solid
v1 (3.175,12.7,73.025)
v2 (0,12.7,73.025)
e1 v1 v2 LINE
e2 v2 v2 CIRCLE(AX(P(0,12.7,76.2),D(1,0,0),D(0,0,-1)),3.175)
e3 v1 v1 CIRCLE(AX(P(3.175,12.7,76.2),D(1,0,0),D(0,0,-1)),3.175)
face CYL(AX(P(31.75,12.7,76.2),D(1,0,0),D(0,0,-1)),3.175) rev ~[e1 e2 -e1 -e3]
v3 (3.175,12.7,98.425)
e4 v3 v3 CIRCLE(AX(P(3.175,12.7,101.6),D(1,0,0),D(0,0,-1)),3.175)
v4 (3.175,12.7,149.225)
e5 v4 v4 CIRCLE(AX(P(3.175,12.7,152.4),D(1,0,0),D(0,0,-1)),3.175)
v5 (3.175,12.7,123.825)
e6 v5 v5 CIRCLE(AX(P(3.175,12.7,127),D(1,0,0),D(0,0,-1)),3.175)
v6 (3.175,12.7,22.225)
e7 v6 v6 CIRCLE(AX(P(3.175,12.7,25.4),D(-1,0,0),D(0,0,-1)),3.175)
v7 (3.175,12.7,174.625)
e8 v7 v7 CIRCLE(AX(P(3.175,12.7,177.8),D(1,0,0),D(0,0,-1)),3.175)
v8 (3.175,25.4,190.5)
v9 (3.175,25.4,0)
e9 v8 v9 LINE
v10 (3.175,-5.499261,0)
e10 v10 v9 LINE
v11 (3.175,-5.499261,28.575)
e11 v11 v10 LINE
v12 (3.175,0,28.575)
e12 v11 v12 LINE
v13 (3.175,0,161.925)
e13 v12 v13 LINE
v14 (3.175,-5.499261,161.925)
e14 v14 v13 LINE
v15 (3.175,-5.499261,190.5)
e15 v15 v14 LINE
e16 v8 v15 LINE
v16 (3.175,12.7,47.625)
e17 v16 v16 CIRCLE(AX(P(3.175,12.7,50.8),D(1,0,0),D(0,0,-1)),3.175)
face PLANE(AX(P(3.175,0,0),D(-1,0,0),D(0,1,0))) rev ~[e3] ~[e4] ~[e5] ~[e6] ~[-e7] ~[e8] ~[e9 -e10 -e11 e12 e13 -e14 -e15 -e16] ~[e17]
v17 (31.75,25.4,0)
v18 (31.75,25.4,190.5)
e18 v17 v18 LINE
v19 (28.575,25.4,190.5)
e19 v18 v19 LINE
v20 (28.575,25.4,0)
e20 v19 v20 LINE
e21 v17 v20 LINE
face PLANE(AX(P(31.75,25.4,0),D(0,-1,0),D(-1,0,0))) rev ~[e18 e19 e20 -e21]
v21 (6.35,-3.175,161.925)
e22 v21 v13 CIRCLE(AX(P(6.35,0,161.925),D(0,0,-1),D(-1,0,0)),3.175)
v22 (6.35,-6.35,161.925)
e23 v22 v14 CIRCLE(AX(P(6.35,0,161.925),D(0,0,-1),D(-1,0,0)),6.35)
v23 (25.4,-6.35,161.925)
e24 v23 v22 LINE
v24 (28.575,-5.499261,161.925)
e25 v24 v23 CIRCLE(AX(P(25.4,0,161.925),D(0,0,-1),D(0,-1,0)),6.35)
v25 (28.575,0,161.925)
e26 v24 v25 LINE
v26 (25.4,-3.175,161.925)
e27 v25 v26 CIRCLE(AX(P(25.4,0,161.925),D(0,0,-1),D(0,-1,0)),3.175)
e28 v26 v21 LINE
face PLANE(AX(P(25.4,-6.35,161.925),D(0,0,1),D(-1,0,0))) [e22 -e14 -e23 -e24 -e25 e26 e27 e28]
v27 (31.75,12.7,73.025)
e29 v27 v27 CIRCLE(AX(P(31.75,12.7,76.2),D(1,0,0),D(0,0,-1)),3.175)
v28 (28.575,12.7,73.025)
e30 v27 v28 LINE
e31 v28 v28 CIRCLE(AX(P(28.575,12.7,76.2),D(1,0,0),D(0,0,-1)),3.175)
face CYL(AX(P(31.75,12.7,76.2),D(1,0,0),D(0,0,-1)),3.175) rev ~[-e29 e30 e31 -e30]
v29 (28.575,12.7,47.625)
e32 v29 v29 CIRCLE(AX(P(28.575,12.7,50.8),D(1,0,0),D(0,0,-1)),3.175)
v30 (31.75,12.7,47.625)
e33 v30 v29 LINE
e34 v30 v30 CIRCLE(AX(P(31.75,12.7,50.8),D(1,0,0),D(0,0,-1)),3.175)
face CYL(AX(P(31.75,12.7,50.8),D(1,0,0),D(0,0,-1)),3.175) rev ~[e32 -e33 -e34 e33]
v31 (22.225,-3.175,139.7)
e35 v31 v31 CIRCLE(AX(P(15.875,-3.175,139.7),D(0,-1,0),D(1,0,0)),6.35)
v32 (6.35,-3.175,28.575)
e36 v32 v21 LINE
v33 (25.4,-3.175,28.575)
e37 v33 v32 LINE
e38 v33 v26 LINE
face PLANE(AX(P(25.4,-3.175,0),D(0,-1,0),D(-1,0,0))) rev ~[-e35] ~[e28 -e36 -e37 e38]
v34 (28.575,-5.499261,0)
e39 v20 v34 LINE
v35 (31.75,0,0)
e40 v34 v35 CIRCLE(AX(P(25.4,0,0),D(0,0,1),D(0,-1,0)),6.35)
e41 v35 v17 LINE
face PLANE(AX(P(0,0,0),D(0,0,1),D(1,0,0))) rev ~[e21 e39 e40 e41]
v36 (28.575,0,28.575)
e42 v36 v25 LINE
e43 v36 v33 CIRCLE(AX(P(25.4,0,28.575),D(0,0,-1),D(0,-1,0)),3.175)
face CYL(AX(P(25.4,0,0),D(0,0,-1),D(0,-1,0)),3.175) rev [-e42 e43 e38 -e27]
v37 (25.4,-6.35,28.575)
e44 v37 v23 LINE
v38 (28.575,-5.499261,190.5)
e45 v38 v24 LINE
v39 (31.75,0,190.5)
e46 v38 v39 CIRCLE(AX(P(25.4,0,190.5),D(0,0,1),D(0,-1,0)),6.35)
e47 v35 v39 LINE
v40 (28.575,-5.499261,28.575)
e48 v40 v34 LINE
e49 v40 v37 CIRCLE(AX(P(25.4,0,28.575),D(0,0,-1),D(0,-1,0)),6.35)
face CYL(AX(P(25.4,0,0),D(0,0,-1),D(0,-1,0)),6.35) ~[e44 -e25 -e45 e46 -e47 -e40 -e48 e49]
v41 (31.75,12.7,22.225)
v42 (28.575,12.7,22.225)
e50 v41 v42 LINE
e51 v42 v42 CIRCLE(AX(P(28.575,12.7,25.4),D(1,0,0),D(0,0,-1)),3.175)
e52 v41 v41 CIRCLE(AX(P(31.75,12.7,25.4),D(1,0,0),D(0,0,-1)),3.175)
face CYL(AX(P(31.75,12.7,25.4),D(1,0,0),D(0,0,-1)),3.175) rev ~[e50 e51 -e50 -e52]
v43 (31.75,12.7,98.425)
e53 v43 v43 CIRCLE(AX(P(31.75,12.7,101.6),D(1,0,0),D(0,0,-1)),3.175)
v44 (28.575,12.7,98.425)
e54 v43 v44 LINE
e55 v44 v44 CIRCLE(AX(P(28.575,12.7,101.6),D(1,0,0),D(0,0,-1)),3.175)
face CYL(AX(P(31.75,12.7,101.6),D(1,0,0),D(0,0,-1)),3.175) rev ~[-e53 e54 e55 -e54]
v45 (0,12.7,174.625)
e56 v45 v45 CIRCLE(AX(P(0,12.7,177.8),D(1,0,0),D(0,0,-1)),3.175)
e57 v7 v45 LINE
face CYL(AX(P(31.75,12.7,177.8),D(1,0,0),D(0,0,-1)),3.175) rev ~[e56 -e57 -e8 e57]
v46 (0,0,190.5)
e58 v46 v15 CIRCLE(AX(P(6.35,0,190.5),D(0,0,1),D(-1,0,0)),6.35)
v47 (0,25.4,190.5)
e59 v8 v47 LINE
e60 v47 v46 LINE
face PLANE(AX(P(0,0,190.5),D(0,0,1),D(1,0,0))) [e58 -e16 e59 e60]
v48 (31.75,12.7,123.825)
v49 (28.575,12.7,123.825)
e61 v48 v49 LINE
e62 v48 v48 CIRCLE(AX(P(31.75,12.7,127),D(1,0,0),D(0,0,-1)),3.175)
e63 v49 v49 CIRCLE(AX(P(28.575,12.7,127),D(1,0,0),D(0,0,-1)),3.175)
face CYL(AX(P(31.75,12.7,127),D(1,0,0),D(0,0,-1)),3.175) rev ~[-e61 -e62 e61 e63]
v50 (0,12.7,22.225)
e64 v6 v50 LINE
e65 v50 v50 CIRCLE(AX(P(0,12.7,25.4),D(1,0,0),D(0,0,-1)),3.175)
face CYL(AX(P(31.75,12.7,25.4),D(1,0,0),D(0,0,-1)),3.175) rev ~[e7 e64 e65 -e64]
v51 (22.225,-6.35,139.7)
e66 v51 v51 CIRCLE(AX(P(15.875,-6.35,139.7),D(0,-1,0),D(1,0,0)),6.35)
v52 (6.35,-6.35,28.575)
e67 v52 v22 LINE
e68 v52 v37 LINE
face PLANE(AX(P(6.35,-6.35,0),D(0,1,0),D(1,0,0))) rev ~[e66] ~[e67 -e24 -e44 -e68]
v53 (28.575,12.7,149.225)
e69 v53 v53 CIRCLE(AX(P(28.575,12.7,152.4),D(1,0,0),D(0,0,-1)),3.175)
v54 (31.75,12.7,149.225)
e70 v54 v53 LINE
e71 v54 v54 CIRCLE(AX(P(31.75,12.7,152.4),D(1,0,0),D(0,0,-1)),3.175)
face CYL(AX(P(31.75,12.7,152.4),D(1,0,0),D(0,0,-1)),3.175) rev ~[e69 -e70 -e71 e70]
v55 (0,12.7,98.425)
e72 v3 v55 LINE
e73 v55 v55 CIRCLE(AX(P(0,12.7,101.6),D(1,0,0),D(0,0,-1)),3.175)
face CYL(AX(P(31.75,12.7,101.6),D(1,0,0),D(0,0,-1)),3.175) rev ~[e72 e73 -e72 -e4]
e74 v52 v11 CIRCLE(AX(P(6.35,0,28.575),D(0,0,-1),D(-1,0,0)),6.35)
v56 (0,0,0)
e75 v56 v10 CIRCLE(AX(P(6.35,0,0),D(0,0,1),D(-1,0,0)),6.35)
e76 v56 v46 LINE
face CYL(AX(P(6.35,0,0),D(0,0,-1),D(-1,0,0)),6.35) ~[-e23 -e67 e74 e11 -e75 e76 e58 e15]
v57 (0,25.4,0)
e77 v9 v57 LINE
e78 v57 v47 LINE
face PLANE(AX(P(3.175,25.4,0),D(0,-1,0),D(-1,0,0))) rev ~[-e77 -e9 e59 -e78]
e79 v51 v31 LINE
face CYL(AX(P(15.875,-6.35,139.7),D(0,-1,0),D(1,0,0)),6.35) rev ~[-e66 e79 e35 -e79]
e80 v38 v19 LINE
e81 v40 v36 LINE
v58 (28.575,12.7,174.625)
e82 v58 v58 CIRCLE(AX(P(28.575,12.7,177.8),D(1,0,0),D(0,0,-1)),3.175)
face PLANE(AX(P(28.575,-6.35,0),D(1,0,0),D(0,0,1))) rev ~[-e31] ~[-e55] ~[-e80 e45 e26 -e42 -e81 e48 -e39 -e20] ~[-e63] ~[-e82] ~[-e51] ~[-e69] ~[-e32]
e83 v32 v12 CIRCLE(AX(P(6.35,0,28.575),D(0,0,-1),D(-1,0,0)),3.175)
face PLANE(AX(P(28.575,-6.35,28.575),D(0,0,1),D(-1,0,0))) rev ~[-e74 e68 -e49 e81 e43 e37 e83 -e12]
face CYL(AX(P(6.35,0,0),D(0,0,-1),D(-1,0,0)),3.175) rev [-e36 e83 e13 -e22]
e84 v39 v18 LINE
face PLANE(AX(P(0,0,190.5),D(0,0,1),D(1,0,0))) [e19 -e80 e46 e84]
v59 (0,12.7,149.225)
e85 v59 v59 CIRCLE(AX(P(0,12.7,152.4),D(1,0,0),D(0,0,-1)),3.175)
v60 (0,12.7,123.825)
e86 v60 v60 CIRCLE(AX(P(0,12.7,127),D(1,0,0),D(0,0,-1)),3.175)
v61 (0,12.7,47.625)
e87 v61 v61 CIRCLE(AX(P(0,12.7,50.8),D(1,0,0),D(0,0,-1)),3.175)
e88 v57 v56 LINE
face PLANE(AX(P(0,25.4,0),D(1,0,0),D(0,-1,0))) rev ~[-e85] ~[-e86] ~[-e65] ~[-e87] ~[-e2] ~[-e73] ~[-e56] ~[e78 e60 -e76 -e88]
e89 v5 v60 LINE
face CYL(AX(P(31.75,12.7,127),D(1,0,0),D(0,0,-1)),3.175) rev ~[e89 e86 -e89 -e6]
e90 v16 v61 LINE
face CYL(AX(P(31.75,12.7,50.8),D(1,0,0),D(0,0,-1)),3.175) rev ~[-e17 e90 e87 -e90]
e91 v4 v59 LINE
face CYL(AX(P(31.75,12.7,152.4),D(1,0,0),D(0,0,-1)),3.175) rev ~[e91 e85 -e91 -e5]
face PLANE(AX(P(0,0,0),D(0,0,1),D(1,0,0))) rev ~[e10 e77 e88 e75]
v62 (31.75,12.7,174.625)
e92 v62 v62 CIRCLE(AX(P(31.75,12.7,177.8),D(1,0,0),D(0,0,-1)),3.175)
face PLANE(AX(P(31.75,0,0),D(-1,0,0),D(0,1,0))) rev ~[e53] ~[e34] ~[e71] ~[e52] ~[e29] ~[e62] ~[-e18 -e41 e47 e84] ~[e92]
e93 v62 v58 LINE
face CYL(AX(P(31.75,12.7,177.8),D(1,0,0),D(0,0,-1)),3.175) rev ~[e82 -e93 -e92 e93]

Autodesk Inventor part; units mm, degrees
ref_plane "YZ Plane" through (0, 0, 0) normal (1, 0, 0) x (0, 1, 0)
ref_plane "XZ Plane" through (0, 0, 0) normal (0, 1, 0) x (-1, 0, 0)
ref_plane "XY Plane" through (0, 0, 0) normal (0, 0, 1) x (1, 0, 0)
sketch "Sketch1" plane through (0, 0, 0) normal (0, 0, 1) x (1, 0, 0)
  line L0 (0, 25.4) -> (0, 0)
  line L1 (6.35, -6.35) -> (25.4, -6.35)
  line L2 (31.75, 0) -> (31.75, 25.4)
  line L3 (31.75, 25.4) -> (28.575, 25.4)
  line L4 (28.575, 25.4) -> (28.575, 0)
  line L5 (25.4, -3.175) -> (6.35, -3.175)
  line L6 (3.175, 0) -> (3.175, 25.4)
  line L7 (3.175, 25.4) -> (0, 25.4)
  arc A0 (3.175, 0) -> (6.35, -3.175) centre (6.35, 0) ccw
  arc A1 (0, 0) -> (6.35, -6.35) centre (6.35, 0) ccw
  arc A2 (25.4, -3.175) -> (28.575, 0) centre (25.4, 0) ccw
  arc A3 (25.4, -6.35) -> (31.75, 0) centre (25.4, 0) ccw
  dimension "d0" = 3.175
  dimension "d1" = 25.4
  dimension "d2" = 25.4
  dimension "d3" = 3.175
extrude "Extrusion1" add sketch "Sketch1" along normal blind 190.5
sketch "Sketch2" plane through (31.75, 0, 0) normal (1, 0, 0) x (0, 0, -1)
  line L0 (-190.5, 25.4) -> (-190.5, 0) projected
  line L1 (0, 25.4) -> (-190.5, 25.4) projected
  circle A0 centre (-177.8, 12.7) radius 3.175
  dimension "d6" = 6.35
  dimension "d7" = 12.7
  dimension "d8" = 12.7
extrude "Extrusion2" cut sketch "Sketch2" against normal through all
pattern_linear "Rectangular Pattern1" count 7 spacing 25.4 along (0, 0, -1) of "Extrusion2"
sketch "Sketch3" plane through (6.35, -6.35, 0) normal (0, -1, 0) x (1, 0, 0)
  line L0 (19.05, 190.5) -> (0, 190.5) projected
  circle A0 centre (9.525, 139.7) radius 6.35
  point P0 (-6.35, 0)
  dimension "d14" = 12.7
  dimension "d15" = 50.8
extrude "Extrusion3" cut sketch "Sketch3" against normal up to next
sketch "Sketch4" plane through (6.35, -6.35, 0) normal (0, -1, 0) x (1, 0, 0)
  line L0 (19.05, 190.5) -> (0, 190.5) projected
  line L1 (0, 0) -> (0, 190.5) projected
  line L2 (0, 0) -> (19.05, 0) projected
  line L3 (19.05, 0) -> (19.05, 190.5) projected
  line L4 (-3.175, 190.5) -> (22.225, 190.5)
  line L5 (22.225, 190.5) -> (22.225, 161.925)
  line L6 (22.225, 161.925) -> (-3.175, 161.925)
  line L7 (-3.175, 161.925) -> (-3.175, 190.5)
  line L8 (-3.175, 165.9576) -> (0, 165.9576) construction
  line L9 (19.05, 165.9576) -> (22.225, 165.9576) construction
  line L10 (-3.175, 0) -> (22.225, 0)
  line L11 (22.225, 0) -> (22.225, 28.575)
  line L12 (22.225, 28.575) -> (-3.175, 28.575)
  line L13 (-3.175, 28.575) -> (-3.175, 0)
  line L14 (-6.35, 190.5) -> (-3.175, 190.5)
  line L15 (-3.175, 190.5) -> (-3.175, 161.925)
  line L16 (-3.175, 161.925) -> (-6.35, 161.925)
  line L17 (-6.35, 161.925) -> (-6.35, 190.5)
  point P0 (-6.35, 0)
  dimension "d18" = 25.4
  dimension "d19" = 28.575
  dimension "d20" = 0
  dimension "d21" = 0
extrude "Extrusion4" cut sketch "Sketch4" against normal through all contours L3 L6 L1 L0 | L4 L5 L6 L3 | L1 L6 L7 L4 | L12 L11 L10 L3 | L3 L2 L1 L12 | L1 L10 L13 L12
properties part number "Frame_OuterConveyorMount" material "Aluminum-6061"
